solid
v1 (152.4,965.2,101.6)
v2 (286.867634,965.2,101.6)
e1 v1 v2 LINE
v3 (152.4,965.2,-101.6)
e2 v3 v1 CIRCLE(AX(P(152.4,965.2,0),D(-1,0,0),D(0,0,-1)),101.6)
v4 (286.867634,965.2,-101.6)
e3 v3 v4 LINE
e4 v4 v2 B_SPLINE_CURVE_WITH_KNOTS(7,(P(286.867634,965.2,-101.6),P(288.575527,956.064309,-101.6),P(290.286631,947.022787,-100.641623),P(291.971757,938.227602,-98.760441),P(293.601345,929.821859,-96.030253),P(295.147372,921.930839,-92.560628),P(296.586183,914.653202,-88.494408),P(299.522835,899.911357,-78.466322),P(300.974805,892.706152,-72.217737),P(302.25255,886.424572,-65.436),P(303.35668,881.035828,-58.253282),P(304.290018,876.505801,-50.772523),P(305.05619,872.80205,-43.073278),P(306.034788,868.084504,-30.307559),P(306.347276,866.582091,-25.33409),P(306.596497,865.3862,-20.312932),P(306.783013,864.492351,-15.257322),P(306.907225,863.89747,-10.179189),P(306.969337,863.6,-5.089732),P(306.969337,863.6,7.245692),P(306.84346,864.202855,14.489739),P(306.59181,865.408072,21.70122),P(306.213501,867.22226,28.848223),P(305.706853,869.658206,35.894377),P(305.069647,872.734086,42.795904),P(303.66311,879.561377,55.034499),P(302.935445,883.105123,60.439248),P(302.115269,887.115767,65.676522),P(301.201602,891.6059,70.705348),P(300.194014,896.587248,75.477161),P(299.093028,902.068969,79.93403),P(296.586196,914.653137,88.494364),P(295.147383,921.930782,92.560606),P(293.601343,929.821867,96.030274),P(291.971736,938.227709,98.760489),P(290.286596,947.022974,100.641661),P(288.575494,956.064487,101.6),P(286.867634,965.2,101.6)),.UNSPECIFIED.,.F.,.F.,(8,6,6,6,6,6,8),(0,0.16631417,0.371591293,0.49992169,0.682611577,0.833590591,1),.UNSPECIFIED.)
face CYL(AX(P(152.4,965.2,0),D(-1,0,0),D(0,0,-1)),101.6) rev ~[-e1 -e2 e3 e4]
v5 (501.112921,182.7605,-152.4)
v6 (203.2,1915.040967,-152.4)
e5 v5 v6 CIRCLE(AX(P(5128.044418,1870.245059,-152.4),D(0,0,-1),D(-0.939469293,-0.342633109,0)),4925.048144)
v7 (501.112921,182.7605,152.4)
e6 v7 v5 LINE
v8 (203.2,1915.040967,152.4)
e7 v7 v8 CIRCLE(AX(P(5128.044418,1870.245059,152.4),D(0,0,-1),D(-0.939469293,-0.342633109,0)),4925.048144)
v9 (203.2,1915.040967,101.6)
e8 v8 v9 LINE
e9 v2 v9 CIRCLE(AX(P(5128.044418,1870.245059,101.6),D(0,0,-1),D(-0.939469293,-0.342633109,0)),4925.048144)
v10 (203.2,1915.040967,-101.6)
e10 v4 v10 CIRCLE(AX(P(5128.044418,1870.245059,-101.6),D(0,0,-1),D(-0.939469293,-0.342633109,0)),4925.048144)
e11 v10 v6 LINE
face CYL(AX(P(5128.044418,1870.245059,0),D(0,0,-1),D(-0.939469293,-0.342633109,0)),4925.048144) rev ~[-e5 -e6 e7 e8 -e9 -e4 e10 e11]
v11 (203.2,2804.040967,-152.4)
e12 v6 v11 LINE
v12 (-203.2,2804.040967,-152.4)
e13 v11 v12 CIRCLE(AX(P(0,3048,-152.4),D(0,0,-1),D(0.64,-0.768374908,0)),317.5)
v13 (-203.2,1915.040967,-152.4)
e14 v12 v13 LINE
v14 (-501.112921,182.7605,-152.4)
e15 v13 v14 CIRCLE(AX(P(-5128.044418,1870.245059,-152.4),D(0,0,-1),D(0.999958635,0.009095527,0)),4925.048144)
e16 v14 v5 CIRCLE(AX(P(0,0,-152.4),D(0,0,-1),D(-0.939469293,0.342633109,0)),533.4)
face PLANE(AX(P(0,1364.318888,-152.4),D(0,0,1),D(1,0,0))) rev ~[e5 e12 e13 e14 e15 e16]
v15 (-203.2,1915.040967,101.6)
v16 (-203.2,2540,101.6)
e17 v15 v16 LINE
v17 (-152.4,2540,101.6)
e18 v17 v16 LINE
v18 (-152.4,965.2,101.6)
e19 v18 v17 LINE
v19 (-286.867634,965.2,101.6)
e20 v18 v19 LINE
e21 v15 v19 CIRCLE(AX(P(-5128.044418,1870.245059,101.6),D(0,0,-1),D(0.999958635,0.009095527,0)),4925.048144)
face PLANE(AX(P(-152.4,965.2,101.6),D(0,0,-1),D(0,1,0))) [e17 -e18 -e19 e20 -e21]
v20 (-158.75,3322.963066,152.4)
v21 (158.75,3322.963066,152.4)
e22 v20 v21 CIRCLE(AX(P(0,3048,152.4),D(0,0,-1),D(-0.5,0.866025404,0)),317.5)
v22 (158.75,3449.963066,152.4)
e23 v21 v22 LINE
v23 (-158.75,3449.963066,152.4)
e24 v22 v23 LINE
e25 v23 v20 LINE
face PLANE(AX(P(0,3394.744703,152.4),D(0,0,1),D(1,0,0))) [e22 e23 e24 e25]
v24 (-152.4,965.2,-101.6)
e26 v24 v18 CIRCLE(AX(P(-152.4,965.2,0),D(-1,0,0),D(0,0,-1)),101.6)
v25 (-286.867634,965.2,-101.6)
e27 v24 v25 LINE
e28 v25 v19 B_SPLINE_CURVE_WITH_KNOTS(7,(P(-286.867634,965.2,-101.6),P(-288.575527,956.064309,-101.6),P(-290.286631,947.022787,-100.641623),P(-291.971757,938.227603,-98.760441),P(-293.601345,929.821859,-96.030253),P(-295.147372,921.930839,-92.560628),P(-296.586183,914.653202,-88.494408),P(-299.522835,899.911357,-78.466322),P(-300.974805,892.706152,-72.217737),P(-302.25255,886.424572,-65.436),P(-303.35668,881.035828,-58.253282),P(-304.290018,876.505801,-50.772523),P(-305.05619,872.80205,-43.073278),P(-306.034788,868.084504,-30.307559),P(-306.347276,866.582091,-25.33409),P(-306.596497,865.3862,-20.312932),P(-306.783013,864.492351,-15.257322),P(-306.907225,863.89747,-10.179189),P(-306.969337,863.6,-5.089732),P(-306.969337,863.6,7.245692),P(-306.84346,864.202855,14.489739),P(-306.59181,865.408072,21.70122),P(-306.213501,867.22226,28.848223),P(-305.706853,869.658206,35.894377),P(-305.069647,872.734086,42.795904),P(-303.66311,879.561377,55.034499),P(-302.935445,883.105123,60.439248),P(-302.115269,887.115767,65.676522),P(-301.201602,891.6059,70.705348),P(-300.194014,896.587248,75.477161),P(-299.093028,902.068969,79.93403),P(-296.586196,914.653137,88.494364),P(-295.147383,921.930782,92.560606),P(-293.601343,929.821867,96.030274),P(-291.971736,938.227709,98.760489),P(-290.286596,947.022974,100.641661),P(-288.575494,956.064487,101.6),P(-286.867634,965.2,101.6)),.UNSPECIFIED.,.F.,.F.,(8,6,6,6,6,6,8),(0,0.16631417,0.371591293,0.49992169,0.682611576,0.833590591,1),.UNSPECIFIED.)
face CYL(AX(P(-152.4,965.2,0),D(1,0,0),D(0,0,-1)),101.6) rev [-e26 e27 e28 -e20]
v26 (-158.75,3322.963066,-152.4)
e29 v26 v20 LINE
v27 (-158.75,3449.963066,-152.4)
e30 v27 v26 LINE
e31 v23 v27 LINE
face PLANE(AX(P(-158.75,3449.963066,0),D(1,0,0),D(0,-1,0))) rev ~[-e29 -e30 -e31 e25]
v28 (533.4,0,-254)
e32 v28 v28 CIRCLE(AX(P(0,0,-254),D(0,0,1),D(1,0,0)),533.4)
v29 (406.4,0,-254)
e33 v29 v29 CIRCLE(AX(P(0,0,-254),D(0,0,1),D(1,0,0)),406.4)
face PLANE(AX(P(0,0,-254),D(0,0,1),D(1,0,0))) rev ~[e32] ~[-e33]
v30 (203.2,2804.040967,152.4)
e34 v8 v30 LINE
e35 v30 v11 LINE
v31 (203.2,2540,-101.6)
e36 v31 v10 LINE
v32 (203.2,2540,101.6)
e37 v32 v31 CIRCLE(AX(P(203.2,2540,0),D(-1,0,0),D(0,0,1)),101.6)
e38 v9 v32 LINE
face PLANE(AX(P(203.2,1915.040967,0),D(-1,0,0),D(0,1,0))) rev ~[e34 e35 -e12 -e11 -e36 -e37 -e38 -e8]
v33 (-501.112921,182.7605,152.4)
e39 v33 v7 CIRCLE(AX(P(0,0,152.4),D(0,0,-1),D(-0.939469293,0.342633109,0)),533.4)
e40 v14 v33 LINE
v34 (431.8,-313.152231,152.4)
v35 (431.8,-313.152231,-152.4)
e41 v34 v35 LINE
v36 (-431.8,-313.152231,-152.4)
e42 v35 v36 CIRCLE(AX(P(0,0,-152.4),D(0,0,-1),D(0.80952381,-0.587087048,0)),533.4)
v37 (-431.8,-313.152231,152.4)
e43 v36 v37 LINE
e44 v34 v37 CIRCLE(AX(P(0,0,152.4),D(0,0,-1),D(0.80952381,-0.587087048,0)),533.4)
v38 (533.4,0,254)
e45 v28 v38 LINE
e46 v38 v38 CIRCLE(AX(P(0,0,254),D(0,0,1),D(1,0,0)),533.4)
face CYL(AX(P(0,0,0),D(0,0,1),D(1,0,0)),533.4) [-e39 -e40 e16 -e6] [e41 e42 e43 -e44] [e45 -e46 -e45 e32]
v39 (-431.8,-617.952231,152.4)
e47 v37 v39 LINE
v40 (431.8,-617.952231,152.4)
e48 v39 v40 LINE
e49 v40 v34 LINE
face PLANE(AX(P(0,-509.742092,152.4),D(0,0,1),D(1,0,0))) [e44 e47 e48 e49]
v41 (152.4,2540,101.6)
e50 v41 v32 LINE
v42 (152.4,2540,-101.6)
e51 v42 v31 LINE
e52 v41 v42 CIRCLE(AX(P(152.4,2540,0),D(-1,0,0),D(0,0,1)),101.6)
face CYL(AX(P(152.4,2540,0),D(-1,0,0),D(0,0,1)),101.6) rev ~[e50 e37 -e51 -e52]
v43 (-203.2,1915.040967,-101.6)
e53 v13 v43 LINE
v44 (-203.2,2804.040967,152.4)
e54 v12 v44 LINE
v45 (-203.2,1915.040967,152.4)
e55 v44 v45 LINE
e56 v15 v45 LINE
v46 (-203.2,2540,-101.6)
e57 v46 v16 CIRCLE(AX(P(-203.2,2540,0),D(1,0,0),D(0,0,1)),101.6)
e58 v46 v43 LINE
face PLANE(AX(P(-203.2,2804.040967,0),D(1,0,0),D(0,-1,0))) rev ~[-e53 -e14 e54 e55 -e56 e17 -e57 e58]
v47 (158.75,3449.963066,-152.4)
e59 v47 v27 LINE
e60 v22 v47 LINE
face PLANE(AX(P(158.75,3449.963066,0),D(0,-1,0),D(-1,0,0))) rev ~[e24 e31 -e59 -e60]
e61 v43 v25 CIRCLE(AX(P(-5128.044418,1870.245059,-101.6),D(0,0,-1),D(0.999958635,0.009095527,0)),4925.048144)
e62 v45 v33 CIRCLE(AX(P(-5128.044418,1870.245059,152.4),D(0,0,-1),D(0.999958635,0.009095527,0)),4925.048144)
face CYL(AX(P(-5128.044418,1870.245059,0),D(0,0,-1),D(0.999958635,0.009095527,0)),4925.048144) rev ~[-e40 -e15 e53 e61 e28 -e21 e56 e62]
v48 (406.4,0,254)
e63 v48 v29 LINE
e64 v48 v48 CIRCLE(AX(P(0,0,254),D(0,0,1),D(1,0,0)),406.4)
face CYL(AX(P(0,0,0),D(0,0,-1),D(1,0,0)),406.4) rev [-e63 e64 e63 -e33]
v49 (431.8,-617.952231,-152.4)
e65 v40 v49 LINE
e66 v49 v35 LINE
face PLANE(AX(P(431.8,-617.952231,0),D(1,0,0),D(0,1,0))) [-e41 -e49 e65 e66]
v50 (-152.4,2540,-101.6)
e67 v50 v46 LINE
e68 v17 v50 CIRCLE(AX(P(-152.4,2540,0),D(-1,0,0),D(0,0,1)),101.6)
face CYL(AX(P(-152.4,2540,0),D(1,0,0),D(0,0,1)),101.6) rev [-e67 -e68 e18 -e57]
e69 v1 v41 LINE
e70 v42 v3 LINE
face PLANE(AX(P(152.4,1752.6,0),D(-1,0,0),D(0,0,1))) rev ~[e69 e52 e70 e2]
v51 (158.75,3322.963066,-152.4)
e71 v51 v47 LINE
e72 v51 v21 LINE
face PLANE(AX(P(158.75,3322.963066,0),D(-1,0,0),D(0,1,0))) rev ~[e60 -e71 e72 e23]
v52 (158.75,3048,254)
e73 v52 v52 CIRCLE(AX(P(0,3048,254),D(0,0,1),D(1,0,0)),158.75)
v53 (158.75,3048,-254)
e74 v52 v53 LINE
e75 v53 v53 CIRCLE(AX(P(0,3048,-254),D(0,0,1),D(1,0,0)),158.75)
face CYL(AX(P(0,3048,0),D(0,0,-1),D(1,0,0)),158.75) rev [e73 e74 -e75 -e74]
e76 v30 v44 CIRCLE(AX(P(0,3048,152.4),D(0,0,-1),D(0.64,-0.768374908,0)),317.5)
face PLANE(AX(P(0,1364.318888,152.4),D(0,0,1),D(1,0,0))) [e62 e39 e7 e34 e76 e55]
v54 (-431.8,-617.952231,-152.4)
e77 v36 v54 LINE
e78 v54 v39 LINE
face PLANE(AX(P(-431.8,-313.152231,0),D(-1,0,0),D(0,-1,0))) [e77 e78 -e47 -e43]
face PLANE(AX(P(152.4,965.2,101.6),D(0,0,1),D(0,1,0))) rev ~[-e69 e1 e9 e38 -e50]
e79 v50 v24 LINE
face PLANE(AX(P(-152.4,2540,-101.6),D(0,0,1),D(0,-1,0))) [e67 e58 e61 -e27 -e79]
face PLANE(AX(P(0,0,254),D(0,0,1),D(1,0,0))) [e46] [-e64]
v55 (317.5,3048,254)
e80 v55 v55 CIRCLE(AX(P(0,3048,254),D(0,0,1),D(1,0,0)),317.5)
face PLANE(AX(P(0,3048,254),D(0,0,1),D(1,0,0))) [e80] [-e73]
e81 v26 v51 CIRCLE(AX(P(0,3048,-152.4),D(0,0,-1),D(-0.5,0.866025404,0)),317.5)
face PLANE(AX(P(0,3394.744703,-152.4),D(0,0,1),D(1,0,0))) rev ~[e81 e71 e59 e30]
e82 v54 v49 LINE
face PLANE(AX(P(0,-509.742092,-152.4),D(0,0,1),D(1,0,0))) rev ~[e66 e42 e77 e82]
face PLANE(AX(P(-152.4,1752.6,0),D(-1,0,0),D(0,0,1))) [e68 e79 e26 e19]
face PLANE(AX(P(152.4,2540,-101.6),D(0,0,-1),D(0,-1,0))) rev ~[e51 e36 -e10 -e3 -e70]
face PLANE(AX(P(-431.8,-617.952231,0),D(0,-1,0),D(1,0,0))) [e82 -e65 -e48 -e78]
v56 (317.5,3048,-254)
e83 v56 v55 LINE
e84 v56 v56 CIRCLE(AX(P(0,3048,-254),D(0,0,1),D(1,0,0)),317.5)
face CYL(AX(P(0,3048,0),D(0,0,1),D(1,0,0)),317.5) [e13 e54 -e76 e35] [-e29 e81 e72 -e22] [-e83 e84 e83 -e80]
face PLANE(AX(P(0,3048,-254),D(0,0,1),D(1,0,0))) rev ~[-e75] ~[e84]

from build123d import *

# Parameters (mm, degrees)
SKETCH1_R             = 317.5
SKETCH1_R_2           = 158.75
BOSS_EXTRUDE1_DEPTH   = 254
SKETCH1_R_3           = 533.4
SKETCH1_R_4           = 406.4
BOSS_EXTRUDE1_2_DEPTH = 254
BOSS_EXTRUDE2_DEPTH   = 152.4
CUT_EXTRUDE1_START    = 152.4
CUT_EXTRUDE1_DEPTH    = 3348.782383063
CUT_EXTRUDE2_START    = -152.4
CUT_EXTRUDE2_DEPTH    = 3348.782383063


with BuildPart() as part:
    # Sketch1 → Boss-Extrude1 (new, symmetric)
    with BuildSketch(Plane.XY):
        with Locations((0, 3048)):
            Circle(SKETCH1_R)
        with Locations((0, 3048)):
            Circle(SKETCH1_R_2, mode=Mode.SUBTRACT)
    extrude(amount=BOSS_EXTRUDE1_DEPTH, both=True)



with BuildPart() as body_2:
    # Sketch1 → Boss-Extrude1 2 (new, symmetric)
    with BuildSketch(Plane.XY):
        Circle(SKETCH1_R_3)
        Circle(SKETCH1_R_4, mode=Mode.SUBTRACT)
    extrude(amount=BOSS_EXTRUDE1_2_DEPTH, both=True)


with BuildPart() as part_1:
    add(part.part)

    add(body_2.part)  # Boss-Extrude2 merges body 2
    # Sketch1<3> → Boss-Extrude2 (add, symmetric)
    with BuildSketch(Plane.XY):
        with BuildLine():
            Line((158.75, 3449.963065702), (-158.75, 3449.963065702))
            Line((-158.75, 3449.963065702), (-158.75, 3322.963065702))
            ThreePointArc((-158.75, 3322.963065702), (0, 3365.5), (158.75, 3322.963065702))
            Line((158.75, 3322.963065702), (158.75, 3449.963065702))
        make_face()
        with BuildLine():
            Line((-203.2, 2804.040966554), (-203.2, 1915.040966554))
            ThreePointArc((-203.2, 1915.040966554), (-274.251603462, 1035.502866401), (-501.112920872, 182.760500479))
            ThreePointArc((-501.112920872, 182.760500479), (0, 533.4), (501.112920872, 182.760500479))
            ThreePointArc((501.112920872, 182.760500479), (274.251603462, 1035.502866401), (203.2, 1915.040966554))
            Line((203.2, 1915.040966554), (203.2, 2804.040966554))
            ThreePointArc((203.2, 2804.040966554), (0, 2730.5), (-203.2, 2804.040966554))
        make_face()
        with BuildLine():
            Line((-431.8, -313.152231351), (-431.8, -617.952231351))
            Line((-431.8, -617.952231351), (431.8, -617.952231351))
            Line((431.8, -617.952231351), (431.8, -313.152231351))
            ThreePointArc((431.8, -313.152231351), (0, -533.4), (-431.8, -313.152231351))
        make_face()
    extrude(amount=BOSS_EXTRUDE2_DEPTH, both=True)

    # Sketch2 → Cut-Extrude1 (cut, through all)
    with BuildSketch(Plane(origin=(0, 0, 0), x_dir=(0, 0, -1), z_dir=(1, 0, 0)).offset(CUT_EXTRUDE1_START)):
        with BuildLine():
            Line((101.6, 2540), (101.6, 965.2))
            ThreePointArc((101.6, 965.2), (0, 863.6), (-101.6, 965.2))
            Line((-101.6, 965.2), (-101.6, 2540))
            ThreePointArc((-101.6, 2540), (0, 2641.6), (101.6, 2540))
        make_face()
    extrude(amount=CUT_EXTRUDE1_DEPTH, mode=Mode.SUBTRACT)

    # Sketch2<2> → Cut-Extrude2 (cut, through all)
    with BuildSketch(Plane(origin=(0, 0, 0), x_dir=(0, 0, -1), z_dir=(1, 0, 0)).offset(CUT_EXTRUDE2_START)):
        with BuildLine():
            Line((101.6, 2540), (101.6, 965.2))
            ThreePointArc((101.6, 965.2), (0, 863.6), (-101.6, 965.2))
            Line((-101.6, 965.2), (-101.6, 2540))
            ThreePointArc((-101.6, 2540), (0, 2641.6), (101.6, 2540))
        make_face()
    extrude(amount=-CUT_EXTRUDE2_DEPTH, mode=Mode.SUBTRACT)


solid = part_1.part
